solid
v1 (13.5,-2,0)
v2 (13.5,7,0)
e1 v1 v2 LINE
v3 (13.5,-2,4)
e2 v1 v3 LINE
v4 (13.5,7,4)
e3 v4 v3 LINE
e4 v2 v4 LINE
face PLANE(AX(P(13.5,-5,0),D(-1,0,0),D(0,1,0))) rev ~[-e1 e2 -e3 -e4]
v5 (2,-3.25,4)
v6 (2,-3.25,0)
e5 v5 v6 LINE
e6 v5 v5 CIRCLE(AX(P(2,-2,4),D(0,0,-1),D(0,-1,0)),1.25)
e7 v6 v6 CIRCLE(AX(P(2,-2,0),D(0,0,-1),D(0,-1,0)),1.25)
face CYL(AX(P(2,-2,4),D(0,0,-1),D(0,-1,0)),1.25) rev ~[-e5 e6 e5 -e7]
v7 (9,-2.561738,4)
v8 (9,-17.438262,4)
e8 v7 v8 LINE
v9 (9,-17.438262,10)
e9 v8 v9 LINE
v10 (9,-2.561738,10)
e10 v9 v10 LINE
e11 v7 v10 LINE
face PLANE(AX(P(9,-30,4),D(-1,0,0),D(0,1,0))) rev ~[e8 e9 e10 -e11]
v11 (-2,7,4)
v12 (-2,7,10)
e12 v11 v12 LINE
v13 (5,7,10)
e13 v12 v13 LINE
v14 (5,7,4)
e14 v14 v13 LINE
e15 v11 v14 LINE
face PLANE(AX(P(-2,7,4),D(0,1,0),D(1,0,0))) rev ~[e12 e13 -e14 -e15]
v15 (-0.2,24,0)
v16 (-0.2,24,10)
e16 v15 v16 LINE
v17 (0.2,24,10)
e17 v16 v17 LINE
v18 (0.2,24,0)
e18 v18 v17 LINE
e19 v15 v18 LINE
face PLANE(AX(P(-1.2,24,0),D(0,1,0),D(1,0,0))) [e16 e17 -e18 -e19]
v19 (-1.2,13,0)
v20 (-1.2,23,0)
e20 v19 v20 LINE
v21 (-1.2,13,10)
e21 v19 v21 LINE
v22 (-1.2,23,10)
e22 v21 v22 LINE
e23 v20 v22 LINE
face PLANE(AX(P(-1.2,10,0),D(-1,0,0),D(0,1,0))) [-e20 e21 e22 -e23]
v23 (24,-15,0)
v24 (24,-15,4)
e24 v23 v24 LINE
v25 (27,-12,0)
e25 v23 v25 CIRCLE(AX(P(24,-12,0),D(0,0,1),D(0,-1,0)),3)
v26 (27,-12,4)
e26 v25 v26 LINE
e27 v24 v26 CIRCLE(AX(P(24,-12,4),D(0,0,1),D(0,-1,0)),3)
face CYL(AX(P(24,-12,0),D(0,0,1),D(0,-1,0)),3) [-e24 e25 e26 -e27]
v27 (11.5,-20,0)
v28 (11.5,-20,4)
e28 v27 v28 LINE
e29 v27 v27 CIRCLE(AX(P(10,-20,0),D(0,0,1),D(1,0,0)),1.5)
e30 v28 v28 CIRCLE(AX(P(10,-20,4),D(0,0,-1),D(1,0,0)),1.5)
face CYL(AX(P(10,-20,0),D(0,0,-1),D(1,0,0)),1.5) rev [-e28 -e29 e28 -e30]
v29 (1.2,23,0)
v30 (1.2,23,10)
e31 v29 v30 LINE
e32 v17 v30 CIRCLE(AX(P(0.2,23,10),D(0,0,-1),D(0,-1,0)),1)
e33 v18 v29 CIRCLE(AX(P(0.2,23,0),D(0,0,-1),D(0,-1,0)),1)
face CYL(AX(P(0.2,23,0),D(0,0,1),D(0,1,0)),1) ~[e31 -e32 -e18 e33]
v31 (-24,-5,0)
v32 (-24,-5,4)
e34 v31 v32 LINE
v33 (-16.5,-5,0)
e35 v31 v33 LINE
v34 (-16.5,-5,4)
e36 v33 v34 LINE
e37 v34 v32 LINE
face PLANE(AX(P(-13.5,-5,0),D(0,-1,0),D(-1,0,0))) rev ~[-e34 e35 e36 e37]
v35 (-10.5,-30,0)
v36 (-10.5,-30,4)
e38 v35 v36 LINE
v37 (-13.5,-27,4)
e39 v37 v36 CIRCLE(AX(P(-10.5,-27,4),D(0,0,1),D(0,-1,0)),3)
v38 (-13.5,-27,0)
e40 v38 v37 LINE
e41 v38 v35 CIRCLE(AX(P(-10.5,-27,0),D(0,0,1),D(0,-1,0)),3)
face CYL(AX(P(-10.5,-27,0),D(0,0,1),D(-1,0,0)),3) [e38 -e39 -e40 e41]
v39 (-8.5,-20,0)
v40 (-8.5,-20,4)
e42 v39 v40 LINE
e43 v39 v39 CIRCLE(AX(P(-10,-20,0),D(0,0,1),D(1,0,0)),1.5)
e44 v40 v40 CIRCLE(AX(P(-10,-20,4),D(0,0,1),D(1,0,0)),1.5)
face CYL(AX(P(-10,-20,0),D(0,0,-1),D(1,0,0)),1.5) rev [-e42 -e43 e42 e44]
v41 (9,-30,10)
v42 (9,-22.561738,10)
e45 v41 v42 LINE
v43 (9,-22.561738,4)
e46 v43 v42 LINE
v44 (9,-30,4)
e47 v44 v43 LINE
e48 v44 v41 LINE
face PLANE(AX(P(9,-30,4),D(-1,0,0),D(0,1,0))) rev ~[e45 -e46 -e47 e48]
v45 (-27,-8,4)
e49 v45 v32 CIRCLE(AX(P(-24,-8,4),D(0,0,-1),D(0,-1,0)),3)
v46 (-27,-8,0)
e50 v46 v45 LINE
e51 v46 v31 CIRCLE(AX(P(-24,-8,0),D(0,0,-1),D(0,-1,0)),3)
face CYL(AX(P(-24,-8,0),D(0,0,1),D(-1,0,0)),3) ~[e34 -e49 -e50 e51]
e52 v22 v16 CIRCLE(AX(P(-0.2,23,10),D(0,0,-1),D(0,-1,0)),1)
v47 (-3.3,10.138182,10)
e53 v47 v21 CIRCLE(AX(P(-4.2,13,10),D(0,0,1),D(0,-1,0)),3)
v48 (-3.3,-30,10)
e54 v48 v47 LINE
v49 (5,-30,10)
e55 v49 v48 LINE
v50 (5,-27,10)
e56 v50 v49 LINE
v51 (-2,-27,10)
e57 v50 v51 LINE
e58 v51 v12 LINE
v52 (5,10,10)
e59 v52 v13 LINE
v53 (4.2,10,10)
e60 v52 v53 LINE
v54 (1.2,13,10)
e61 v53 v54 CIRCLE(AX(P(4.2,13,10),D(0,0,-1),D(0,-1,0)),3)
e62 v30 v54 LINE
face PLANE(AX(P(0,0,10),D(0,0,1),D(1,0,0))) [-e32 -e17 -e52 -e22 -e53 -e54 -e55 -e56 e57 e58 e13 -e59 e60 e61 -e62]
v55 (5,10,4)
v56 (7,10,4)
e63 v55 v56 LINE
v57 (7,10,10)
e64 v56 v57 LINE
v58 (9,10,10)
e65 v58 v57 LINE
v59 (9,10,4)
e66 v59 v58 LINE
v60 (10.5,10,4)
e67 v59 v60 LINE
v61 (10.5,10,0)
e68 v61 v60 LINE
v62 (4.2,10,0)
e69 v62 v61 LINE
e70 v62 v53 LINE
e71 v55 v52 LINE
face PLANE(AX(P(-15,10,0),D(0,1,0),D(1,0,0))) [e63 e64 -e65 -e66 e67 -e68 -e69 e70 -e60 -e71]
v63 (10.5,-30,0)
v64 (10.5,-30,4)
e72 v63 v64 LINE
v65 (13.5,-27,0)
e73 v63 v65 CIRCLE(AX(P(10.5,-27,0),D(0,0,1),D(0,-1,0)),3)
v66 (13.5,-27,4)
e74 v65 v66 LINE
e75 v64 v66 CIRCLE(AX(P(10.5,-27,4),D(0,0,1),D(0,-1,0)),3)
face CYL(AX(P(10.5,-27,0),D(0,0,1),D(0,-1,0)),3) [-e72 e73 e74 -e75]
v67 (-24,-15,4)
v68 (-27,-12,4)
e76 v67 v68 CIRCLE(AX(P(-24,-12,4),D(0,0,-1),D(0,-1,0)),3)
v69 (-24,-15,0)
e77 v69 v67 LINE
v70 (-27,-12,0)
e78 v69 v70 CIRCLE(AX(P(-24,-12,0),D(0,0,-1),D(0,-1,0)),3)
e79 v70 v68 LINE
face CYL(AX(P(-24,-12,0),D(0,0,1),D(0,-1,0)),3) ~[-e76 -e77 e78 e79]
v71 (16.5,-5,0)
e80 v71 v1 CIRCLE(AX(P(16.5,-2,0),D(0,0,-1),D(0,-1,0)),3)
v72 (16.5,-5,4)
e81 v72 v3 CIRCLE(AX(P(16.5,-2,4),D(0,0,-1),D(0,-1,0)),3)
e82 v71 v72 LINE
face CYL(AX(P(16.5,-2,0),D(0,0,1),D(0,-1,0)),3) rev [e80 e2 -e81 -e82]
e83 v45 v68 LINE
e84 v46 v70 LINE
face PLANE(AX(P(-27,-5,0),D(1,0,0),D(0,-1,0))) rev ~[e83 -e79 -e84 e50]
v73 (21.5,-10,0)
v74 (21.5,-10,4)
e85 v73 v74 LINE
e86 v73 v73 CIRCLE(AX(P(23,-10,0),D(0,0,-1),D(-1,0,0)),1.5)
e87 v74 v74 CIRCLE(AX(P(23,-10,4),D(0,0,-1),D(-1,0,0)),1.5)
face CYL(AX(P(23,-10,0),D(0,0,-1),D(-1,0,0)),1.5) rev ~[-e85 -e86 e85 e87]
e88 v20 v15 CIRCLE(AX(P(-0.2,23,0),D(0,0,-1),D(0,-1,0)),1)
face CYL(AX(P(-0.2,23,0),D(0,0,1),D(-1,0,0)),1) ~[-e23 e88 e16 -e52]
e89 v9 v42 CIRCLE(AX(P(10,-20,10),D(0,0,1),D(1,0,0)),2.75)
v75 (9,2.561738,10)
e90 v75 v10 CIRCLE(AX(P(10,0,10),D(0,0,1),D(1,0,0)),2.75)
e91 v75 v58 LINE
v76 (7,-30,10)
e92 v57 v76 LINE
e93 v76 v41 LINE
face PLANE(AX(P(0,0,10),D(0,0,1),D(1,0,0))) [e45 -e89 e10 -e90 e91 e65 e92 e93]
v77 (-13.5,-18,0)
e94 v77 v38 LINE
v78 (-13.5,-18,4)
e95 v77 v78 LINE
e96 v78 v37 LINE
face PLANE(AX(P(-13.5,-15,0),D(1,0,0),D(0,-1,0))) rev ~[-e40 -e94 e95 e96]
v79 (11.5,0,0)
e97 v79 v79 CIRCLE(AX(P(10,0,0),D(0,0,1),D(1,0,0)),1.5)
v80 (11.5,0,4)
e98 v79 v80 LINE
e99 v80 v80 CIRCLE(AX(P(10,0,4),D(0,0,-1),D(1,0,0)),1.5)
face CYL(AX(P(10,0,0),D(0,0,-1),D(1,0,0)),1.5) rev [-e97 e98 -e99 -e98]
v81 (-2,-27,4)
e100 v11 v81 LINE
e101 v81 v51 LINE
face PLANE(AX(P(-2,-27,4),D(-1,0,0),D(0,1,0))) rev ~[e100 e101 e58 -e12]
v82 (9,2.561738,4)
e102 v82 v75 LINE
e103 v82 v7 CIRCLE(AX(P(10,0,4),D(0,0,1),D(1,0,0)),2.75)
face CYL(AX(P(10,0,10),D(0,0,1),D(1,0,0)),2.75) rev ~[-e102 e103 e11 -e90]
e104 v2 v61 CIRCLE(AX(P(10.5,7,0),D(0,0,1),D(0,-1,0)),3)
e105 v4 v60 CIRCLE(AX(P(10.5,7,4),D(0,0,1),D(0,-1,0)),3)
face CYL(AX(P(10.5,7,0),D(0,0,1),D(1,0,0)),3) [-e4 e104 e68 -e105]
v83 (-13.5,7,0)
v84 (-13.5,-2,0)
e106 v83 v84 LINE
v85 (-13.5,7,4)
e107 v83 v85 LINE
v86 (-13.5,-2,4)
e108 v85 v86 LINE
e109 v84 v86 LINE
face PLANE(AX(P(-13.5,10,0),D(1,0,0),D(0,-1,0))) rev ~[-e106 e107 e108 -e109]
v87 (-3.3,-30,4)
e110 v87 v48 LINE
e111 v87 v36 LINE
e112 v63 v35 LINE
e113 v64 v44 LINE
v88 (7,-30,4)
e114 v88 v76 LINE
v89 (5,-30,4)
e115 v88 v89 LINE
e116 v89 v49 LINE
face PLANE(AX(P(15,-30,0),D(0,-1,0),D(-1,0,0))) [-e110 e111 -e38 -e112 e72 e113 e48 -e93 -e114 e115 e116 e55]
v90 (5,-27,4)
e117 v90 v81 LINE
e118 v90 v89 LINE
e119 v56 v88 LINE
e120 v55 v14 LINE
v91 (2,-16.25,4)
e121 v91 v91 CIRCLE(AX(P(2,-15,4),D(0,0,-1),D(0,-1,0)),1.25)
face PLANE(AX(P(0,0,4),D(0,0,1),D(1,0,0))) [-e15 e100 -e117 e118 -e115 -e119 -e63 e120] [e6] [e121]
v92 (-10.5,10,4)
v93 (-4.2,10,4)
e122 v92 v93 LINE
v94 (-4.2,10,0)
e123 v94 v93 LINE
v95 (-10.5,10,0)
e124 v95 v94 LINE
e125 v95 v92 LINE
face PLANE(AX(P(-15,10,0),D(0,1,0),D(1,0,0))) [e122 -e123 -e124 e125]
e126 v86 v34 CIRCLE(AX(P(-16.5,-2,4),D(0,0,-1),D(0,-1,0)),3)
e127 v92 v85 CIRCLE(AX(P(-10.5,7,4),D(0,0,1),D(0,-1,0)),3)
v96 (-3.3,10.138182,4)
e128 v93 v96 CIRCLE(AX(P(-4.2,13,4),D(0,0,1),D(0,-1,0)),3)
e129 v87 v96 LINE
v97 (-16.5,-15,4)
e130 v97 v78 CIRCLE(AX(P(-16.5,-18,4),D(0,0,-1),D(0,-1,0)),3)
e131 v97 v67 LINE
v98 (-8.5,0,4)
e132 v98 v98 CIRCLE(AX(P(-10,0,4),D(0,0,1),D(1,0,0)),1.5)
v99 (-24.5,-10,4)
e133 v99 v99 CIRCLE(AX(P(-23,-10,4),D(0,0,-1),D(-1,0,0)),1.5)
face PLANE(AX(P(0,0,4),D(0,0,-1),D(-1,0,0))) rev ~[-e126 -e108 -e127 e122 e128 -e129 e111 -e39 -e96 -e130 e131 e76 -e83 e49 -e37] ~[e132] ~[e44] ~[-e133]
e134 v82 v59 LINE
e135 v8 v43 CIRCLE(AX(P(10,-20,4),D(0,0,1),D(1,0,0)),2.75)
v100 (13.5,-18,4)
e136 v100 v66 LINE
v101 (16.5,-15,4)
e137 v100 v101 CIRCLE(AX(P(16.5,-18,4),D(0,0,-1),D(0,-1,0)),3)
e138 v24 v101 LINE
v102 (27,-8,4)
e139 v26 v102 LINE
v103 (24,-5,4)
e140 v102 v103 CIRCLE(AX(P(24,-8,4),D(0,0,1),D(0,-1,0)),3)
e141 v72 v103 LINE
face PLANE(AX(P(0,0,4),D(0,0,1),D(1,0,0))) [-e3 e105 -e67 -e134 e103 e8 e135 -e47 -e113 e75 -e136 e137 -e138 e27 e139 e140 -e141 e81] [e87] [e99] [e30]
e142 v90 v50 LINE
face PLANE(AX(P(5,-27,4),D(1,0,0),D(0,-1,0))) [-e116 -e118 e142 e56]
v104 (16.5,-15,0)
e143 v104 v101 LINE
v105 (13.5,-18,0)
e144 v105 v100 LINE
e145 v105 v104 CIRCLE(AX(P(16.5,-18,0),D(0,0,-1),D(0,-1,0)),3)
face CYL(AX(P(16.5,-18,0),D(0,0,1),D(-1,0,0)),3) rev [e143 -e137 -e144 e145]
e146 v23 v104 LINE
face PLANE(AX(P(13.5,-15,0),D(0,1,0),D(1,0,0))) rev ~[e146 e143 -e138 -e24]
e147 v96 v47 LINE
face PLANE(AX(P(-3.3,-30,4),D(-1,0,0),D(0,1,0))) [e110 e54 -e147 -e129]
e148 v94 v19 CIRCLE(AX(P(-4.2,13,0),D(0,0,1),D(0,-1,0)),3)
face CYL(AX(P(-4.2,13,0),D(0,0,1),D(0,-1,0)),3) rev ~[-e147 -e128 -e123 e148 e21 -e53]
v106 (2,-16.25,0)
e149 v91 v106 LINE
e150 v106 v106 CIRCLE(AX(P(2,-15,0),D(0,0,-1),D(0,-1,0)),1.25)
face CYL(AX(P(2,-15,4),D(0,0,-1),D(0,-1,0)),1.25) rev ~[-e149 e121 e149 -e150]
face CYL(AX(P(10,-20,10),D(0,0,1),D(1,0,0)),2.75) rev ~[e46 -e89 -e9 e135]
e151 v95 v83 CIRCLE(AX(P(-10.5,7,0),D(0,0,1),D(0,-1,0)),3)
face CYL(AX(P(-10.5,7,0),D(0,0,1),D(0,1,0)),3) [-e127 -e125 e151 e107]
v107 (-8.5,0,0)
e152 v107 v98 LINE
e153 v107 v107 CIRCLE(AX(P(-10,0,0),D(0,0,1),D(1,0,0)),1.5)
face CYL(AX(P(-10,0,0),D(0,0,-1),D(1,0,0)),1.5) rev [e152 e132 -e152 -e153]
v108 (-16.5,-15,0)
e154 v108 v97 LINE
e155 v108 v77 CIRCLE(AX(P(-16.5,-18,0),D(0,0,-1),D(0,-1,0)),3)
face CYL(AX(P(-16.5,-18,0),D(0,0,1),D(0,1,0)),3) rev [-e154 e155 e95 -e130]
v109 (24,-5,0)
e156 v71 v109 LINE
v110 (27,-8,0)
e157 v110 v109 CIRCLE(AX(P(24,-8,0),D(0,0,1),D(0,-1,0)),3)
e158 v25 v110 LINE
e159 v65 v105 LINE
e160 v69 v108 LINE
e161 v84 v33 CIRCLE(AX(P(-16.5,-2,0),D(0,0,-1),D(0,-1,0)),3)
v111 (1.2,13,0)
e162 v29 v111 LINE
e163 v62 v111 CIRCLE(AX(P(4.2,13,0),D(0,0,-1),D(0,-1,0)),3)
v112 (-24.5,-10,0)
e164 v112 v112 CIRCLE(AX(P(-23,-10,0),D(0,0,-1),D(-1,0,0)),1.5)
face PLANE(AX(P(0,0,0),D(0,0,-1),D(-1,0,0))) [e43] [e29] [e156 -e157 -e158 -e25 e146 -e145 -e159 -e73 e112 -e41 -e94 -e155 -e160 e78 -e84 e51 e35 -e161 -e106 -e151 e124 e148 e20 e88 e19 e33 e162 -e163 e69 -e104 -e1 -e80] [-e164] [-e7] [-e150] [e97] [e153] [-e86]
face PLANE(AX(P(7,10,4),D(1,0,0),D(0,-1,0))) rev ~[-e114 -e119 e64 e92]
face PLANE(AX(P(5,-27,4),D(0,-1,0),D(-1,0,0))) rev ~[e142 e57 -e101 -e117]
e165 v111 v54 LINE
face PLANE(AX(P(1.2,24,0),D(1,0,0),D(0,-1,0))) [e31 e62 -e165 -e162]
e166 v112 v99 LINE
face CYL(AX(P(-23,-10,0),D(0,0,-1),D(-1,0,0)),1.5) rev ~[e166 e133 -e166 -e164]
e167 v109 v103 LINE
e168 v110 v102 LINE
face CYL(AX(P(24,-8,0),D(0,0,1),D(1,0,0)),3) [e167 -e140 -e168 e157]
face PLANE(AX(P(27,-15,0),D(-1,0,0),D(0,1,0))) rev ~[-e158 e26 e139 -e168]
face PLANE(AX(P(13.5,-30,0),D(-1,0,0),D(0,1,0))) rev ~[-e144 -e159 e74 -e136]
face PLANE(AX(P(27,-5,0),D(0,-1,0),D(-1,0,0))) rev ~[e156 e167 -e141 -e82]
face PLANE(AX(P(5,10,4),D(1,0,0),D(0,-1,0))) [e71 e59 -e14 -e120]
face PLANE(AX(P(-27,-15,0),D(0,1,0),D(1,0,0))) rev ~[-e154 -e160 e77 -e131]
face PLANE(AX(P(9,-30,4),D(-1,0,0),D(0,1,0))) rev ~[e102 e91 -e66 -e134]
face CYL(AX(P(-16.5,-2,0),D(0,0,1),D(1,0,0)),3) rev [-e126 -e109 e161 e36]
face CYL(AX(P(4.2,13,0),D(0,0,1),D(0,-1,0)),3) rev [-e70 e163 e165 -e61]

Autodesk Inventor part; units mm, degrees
ref_plane "YZ Plane" through (0, 0, 0) normal (1, 0, 0) x (0, 1, 0)
ref_plane "XZ Plane" through (0, 0, 0) normal (0, 1, 0) x (-1, 0, 0)
ref_plane "XY Plane" through (0, 0, 0) normal (0, 0, 1) x (1, 0, 0)
sketch "Sketch1" plane through (0, 0, 0) normal (0, 0, 1) x (1, 0, 0)
  circle A0 centre (-10, 0) radius 1.5
  circle A1 centre (10, 0) radius 1.5
  circle A2 centre (-10, -20) radius 1.5
  circle A3 centre (10, -20) radius 1.5
  line L0 (-15, 10) -> (15, 10)
  line L1 (15, 10) -> (15, -30)
  line L2 (15, -30) -> (-15, -30)
  line L3 (-15, -30) -> (-15, 10)
  point P0 (0, 0)
  dimension "d0" = 3
  dimension "d1" = 3
  dimension "d2" = 20
  dimension "d3" = 10
  dimension "d4" = 3
  dimension "d5" = 3
  dimension "d6" = 20
  dimension "d7" = 20
  dimension "d8" = 20
  dimension "d9" = 10
  dimension "d10" = 30
  dimension "d11" = 15
  dimension "d12" = 40
  dimension "d13" = 10
extrude "Extrusion1" add sketch "Sketch1" along normal blind 4
sketch "Sketch2" plane through (0, 0, 4) normal (0, 0, 1) x (1, 0, 0)
  line L0 (0, 15.4421) -> (0, -37.5419) construction
  line L1 (-4, 15.4421) -> (-4, -37.5419) construction
  line L2 (-15, -30) -> (15, -30) construction
  line L3 (15, 10) -> (-15, 10) projected
  line L4 (9, -30) -> (9, 10)
  line L5 (7, 10) -> (7, -30)
  line L6 (7, 10) -> (9, 10)
  line L7 (7, -30) -> (9, -30)
  line L8 (6.3, 15.4421) -> (6.3, 10) construction
  line L9 (6.3, -30) -> (6.3, -37.5419) construction
  line L10 (-15, 10) -> (-15, -30) projected
  point P0 (0, 0)
  dimension "d16" = 4
  dimension "d96" = 0
  dimension "d97" = 0
  dimension "d141" = 22
extrude "Extrusion2" add sketch "Sketch2" along normal blind 6
sketch "Sketch4" plane through (0, 0, 10) normal (0, 0, 1) x (1, 0, 0)
  circle A0 centre (10, 0) radius 2.75
  circle A1 centre (10, -20) radius 1.5 projected
  circle A2 centre (10, -20) radius 2.75
  point P0 (0, 0)
  point P1 (8.5, 0)
  point P2 (8.5, -20)
  dimension "d37" = 5.5
  dimension "d38" = 5.5
extrude "Extrusion3" cut sketch "Sketch4" against normal up to surface (6 mm away) contours A0 | A1 | A2
sketch "Sketch5" plane through (0, 0, 4) normal (0, 0, 1) x (1, 0, 0)
  line L0 (-4, 15.4421) -> (-4, -37.5419) construction
  line L1 (15, -30) -> (-15, -30) projected
  line L2 (15, 10) -> (-15, 10) projected
  line L3 (-3.3, 10) -> (5, 10)
  line L4 (5, -30) -> (-3.3, -30)
  line L5 (-3.3, -30) -> (-3.3, 10)
  line L6 (-2, 7) -> (5, 7)
  line L7 (5, -27) -> (-2, -27)
  line L8 (-2, -27) -> (-2, 7)
  line L9 (5, 10) -> (5, 7)
  line L10 (5, -27) -> (5, -30)
  line L11 (7, 10) -> (7, -30) projected
  point P0 (0, 0)
  point P1 (6.3, 10)
  point P2 (6.3, -30)
  dimension "d111" = 0.7
  dimension "d112" = 3
  dimension "d115" = 3
  dimension "d116" = 1.3
  dimension "d117" = 2
  dimension "d118" = 2
  dimension "d139" = 0
  dimension "d140" = 0
extrude "Extrusion4" add sketch "Sketch5" along normal up to surface (6 mm away) contours L1 L5 L2 L9 L6 L8 L7 L10
sketch "Sketch8" plane through (0, 0, 0) normal (0, 0, -1) x (-1, 0, 0)
  line L0 (27, -15) -> (-27, -15)
  line L1 (-27, -15) -> (-27, -5)
  line L2 (-27, -5) -> (27, -5)
  line L3 (27, -5) -> (27, -15)
  line L4 (15, 10) -> (-15, 10) projected
  line L5 (-15, -30) -> (15, -30) projected
  circle A0 centre (23, -10) radius 1.5
  circle A1 centre (-23, -10) radius 1.5
  point P0 (0, 0)
  dimension "d77" = 10
  dimension "d78" = 40
  dimension "d79" = 15
  dimension "d80" = 3
  dimension "d81" = 3
  dimension "d82" = 46
  dimension "d83" = 54
  dimension "d84" = 23
  dimension "d85" = 27
extrude "Extrusion5" add sketch "Sketch8" against normal up to surface (4 mm away)
sketch "Sketch3" plane through (0, 0, 4) normal (0, 0, 1) x (1, 0, 0)
  circle A0 centre (2, -2) radius 1.25
  circle A1 centre (2, -15) radius 1.25
  line L0 (-15, -30) -> (15, -30) projected
  line L1 (15, 10) -> (-15, 10) projected
  point P0 (0, 0)
  point P1 (7, -30)
  point P2 (6.3, 10)
  dimension "d23" = 2.5
  dimension "d24" = 2.5
  dimension "d25" = 15
  dimension "d26" = 2
  dimension "d27" = 2
  dimension "d28" = 12
hole "Hole1" at (2, -2, 4) at (2, -15, 4) direction (0, 0, -1) diameter 2.5 end through all
fillet "Fillet5" [suppressed]
fillet "Fillet7" [suppressed]
sketch "Sketch11" plane through (0, 0, 0) normal (0, 0, -1) x (-1, 0, 0)
  line L0 (15, -15) -> (13.5, -15)
  line L1 (13.5, -5) -> (15, -5)
  line L2 (-15, -5) -> (-13.5, -5)
  line L3 (-13.5, -15) -> (-15, -15)
  line L4 (15, -30) -> (15, -15)
  line L5 (-15, -15) -> (-15, -30)
  line L6 (-15, 10) -> (-15, -5)
  line L7 (15, -5) -> (15, 10)
  line L8 (-15, -30) -> (-13.5, -30)
  line L9 (13.5, -30) -> (15, -30)
  line L10 (-13.5, -30) -> (-13.5, -15)
  line L11 (-13.5, -5) -> (-13.5, 10)
  line L12 (13.5, 10) -> (13.5, -5)
  line L13 (13.5, -15) -> (13.5, -30)
  line L14 (15, 10) -> (13.5, 10)
  line L15 (-15, 10) -> (15, 10) projected
  line L16 (-15, 10) -> (-13.5, 10)
  point P0 (0, 0)
  dimension "d121" = 27
extrude "Extrusion7" cut sketch "Sketch11" against normal through all
fillet "Fillet9" radius 3 12 edges at (-27, -15, 2) (-13.5, -30, 2) (13.5, -30, 2) (-27, -5, 2) (-13.5, -5, 2) (-13.5, 10, 2) (13.5, -15, 2) (27, -15, 2) (27, -5, 2) (13.5, -5, 2) (13.5, 10, 2) (-13.5, -15, 2)
sketch "Sketch12" plane through (4, -30, 4) normal (0, -1, 0) x (1, 0, 0)
  line L0 (1, 6) -> (-7.3, 6) projected
  circle A0 centre (-2, 3) radius 1.5
  line L1 (5, 0) -> (6.5, 0) projected
  line L2 (6.5, -4) -> (-14.5, -4) projected
  line L3 (6.5, 0) -> (6.5, -4) projected
  line L4 (-14.5, -4) -> (-14.5, 0) projected
  line L5 (-7.3, 0) -> (-7.3, 6) projected
  line L6 (-14.5, 0) -> (-7.3, 0) projected
  line L7 (5, 0) -> (5, 6) projected
  line L8 (3, 6) -> (5, 6) projected
  line L9 (3, 0) -> (3, 6) projected
  line L10 (1, 0) -> (3, 0) projected
  line L11 (1, 0) -> (1, 6) projected
  point P0 (-4, -4)
  dimension "d126" = 3
  dimension "d129" = 3
extrude "Extrusion8" [suppressed]
sketch "Sketch14" plane through (0, 0, 0) normal (0, 0, -1) x (-1, 0, 0)
  line L0 (10.5, 10) -> (-10.5, 10) projected
  line L1 (-1.2, 10) -> (1.2, 10)
  line L2 (1.2, 10) -> (1.2, 24)
  line L3 (1.2, 24) -> (-1.2, 24)
  line L4 (-1.2, 24) -> (-1.2, 10)
  point P0 (0, 0)
  dimension "d142" = 14
  dimension "d143" = 1.2
  dimension "d144" = 1.2
extrude "Extrusion10" add sketch "Sketch14" against normal blind 10
fillet "Fillet10" radius 3 2 edges at (-1.2, 10, 5) (1.2, 10, 5)
fillet "Fillet11" radius 1 2 edges at (-1.2, 24, 5) (1.2, 24, 5)
sketch "Sketch13" plane through (-10.5, -30, 0) normal (0, -1, 0) x (1, 0, 0)
  line L0 (21, 4) -> (21, 0) projected
  line L1 (0, 4) -> (21, 4) projected
  line L2 (0, 0) -> (0, 4) projected
  line L3 (21, 0) -> (0, 0) projected
  circle A0 centre (10.5, 2) radius 1.5
  point P0 (10.5, 0)
  dimension "d132" = 3
  dimension "d133" = 21
  dimension "d134" = 4
  dimension "d135" = 2
  dimension "d136" = 10.5
sketch "Sketch9" plane through (0, 0, 4) normal (0, 0, 1) x (1, 0, 0)
  circle A0 centre (-10, 0) radius 1.5 projected
  circle A1 centre (2, -2) radius 1.25 projected
  circle A2 centre (10, 0) radius 1.5 projected
  circle A3 centre (23, -10) radius 1.5 projected
  circle A4 centre (10, -20) radius 1.5 projected
  circle A5 centre (2, -15) radius 1.25 projected
  circle A6 centre (-10, -20) radius 1.5 projected
  circle A7 centre (-23, -10) radius 1.5 projected
  point P0 (0, 0)
equation "\"d3\" = 0.5 * d2"
equation "\"d7\" = d6"
equation "\"d8\" = d2"
equation "\"d9\" = d3"
equation "\"d11\" = 0.5 * d10"
equation "\"d13\" = -0.5 * d6 + 0.5 * d12"
equation "\"d37\" = d38"
equation "\"d115\" = d112"
equation "\"d79\" = -0.5 * d77 + 0.5 * d78"
equation "\"d84\" = 0.5 * d82"
equation "\"d85\" = 0.5 * d83"
equation "\"d27\" = d26"
properties part number "vertical carriage"
